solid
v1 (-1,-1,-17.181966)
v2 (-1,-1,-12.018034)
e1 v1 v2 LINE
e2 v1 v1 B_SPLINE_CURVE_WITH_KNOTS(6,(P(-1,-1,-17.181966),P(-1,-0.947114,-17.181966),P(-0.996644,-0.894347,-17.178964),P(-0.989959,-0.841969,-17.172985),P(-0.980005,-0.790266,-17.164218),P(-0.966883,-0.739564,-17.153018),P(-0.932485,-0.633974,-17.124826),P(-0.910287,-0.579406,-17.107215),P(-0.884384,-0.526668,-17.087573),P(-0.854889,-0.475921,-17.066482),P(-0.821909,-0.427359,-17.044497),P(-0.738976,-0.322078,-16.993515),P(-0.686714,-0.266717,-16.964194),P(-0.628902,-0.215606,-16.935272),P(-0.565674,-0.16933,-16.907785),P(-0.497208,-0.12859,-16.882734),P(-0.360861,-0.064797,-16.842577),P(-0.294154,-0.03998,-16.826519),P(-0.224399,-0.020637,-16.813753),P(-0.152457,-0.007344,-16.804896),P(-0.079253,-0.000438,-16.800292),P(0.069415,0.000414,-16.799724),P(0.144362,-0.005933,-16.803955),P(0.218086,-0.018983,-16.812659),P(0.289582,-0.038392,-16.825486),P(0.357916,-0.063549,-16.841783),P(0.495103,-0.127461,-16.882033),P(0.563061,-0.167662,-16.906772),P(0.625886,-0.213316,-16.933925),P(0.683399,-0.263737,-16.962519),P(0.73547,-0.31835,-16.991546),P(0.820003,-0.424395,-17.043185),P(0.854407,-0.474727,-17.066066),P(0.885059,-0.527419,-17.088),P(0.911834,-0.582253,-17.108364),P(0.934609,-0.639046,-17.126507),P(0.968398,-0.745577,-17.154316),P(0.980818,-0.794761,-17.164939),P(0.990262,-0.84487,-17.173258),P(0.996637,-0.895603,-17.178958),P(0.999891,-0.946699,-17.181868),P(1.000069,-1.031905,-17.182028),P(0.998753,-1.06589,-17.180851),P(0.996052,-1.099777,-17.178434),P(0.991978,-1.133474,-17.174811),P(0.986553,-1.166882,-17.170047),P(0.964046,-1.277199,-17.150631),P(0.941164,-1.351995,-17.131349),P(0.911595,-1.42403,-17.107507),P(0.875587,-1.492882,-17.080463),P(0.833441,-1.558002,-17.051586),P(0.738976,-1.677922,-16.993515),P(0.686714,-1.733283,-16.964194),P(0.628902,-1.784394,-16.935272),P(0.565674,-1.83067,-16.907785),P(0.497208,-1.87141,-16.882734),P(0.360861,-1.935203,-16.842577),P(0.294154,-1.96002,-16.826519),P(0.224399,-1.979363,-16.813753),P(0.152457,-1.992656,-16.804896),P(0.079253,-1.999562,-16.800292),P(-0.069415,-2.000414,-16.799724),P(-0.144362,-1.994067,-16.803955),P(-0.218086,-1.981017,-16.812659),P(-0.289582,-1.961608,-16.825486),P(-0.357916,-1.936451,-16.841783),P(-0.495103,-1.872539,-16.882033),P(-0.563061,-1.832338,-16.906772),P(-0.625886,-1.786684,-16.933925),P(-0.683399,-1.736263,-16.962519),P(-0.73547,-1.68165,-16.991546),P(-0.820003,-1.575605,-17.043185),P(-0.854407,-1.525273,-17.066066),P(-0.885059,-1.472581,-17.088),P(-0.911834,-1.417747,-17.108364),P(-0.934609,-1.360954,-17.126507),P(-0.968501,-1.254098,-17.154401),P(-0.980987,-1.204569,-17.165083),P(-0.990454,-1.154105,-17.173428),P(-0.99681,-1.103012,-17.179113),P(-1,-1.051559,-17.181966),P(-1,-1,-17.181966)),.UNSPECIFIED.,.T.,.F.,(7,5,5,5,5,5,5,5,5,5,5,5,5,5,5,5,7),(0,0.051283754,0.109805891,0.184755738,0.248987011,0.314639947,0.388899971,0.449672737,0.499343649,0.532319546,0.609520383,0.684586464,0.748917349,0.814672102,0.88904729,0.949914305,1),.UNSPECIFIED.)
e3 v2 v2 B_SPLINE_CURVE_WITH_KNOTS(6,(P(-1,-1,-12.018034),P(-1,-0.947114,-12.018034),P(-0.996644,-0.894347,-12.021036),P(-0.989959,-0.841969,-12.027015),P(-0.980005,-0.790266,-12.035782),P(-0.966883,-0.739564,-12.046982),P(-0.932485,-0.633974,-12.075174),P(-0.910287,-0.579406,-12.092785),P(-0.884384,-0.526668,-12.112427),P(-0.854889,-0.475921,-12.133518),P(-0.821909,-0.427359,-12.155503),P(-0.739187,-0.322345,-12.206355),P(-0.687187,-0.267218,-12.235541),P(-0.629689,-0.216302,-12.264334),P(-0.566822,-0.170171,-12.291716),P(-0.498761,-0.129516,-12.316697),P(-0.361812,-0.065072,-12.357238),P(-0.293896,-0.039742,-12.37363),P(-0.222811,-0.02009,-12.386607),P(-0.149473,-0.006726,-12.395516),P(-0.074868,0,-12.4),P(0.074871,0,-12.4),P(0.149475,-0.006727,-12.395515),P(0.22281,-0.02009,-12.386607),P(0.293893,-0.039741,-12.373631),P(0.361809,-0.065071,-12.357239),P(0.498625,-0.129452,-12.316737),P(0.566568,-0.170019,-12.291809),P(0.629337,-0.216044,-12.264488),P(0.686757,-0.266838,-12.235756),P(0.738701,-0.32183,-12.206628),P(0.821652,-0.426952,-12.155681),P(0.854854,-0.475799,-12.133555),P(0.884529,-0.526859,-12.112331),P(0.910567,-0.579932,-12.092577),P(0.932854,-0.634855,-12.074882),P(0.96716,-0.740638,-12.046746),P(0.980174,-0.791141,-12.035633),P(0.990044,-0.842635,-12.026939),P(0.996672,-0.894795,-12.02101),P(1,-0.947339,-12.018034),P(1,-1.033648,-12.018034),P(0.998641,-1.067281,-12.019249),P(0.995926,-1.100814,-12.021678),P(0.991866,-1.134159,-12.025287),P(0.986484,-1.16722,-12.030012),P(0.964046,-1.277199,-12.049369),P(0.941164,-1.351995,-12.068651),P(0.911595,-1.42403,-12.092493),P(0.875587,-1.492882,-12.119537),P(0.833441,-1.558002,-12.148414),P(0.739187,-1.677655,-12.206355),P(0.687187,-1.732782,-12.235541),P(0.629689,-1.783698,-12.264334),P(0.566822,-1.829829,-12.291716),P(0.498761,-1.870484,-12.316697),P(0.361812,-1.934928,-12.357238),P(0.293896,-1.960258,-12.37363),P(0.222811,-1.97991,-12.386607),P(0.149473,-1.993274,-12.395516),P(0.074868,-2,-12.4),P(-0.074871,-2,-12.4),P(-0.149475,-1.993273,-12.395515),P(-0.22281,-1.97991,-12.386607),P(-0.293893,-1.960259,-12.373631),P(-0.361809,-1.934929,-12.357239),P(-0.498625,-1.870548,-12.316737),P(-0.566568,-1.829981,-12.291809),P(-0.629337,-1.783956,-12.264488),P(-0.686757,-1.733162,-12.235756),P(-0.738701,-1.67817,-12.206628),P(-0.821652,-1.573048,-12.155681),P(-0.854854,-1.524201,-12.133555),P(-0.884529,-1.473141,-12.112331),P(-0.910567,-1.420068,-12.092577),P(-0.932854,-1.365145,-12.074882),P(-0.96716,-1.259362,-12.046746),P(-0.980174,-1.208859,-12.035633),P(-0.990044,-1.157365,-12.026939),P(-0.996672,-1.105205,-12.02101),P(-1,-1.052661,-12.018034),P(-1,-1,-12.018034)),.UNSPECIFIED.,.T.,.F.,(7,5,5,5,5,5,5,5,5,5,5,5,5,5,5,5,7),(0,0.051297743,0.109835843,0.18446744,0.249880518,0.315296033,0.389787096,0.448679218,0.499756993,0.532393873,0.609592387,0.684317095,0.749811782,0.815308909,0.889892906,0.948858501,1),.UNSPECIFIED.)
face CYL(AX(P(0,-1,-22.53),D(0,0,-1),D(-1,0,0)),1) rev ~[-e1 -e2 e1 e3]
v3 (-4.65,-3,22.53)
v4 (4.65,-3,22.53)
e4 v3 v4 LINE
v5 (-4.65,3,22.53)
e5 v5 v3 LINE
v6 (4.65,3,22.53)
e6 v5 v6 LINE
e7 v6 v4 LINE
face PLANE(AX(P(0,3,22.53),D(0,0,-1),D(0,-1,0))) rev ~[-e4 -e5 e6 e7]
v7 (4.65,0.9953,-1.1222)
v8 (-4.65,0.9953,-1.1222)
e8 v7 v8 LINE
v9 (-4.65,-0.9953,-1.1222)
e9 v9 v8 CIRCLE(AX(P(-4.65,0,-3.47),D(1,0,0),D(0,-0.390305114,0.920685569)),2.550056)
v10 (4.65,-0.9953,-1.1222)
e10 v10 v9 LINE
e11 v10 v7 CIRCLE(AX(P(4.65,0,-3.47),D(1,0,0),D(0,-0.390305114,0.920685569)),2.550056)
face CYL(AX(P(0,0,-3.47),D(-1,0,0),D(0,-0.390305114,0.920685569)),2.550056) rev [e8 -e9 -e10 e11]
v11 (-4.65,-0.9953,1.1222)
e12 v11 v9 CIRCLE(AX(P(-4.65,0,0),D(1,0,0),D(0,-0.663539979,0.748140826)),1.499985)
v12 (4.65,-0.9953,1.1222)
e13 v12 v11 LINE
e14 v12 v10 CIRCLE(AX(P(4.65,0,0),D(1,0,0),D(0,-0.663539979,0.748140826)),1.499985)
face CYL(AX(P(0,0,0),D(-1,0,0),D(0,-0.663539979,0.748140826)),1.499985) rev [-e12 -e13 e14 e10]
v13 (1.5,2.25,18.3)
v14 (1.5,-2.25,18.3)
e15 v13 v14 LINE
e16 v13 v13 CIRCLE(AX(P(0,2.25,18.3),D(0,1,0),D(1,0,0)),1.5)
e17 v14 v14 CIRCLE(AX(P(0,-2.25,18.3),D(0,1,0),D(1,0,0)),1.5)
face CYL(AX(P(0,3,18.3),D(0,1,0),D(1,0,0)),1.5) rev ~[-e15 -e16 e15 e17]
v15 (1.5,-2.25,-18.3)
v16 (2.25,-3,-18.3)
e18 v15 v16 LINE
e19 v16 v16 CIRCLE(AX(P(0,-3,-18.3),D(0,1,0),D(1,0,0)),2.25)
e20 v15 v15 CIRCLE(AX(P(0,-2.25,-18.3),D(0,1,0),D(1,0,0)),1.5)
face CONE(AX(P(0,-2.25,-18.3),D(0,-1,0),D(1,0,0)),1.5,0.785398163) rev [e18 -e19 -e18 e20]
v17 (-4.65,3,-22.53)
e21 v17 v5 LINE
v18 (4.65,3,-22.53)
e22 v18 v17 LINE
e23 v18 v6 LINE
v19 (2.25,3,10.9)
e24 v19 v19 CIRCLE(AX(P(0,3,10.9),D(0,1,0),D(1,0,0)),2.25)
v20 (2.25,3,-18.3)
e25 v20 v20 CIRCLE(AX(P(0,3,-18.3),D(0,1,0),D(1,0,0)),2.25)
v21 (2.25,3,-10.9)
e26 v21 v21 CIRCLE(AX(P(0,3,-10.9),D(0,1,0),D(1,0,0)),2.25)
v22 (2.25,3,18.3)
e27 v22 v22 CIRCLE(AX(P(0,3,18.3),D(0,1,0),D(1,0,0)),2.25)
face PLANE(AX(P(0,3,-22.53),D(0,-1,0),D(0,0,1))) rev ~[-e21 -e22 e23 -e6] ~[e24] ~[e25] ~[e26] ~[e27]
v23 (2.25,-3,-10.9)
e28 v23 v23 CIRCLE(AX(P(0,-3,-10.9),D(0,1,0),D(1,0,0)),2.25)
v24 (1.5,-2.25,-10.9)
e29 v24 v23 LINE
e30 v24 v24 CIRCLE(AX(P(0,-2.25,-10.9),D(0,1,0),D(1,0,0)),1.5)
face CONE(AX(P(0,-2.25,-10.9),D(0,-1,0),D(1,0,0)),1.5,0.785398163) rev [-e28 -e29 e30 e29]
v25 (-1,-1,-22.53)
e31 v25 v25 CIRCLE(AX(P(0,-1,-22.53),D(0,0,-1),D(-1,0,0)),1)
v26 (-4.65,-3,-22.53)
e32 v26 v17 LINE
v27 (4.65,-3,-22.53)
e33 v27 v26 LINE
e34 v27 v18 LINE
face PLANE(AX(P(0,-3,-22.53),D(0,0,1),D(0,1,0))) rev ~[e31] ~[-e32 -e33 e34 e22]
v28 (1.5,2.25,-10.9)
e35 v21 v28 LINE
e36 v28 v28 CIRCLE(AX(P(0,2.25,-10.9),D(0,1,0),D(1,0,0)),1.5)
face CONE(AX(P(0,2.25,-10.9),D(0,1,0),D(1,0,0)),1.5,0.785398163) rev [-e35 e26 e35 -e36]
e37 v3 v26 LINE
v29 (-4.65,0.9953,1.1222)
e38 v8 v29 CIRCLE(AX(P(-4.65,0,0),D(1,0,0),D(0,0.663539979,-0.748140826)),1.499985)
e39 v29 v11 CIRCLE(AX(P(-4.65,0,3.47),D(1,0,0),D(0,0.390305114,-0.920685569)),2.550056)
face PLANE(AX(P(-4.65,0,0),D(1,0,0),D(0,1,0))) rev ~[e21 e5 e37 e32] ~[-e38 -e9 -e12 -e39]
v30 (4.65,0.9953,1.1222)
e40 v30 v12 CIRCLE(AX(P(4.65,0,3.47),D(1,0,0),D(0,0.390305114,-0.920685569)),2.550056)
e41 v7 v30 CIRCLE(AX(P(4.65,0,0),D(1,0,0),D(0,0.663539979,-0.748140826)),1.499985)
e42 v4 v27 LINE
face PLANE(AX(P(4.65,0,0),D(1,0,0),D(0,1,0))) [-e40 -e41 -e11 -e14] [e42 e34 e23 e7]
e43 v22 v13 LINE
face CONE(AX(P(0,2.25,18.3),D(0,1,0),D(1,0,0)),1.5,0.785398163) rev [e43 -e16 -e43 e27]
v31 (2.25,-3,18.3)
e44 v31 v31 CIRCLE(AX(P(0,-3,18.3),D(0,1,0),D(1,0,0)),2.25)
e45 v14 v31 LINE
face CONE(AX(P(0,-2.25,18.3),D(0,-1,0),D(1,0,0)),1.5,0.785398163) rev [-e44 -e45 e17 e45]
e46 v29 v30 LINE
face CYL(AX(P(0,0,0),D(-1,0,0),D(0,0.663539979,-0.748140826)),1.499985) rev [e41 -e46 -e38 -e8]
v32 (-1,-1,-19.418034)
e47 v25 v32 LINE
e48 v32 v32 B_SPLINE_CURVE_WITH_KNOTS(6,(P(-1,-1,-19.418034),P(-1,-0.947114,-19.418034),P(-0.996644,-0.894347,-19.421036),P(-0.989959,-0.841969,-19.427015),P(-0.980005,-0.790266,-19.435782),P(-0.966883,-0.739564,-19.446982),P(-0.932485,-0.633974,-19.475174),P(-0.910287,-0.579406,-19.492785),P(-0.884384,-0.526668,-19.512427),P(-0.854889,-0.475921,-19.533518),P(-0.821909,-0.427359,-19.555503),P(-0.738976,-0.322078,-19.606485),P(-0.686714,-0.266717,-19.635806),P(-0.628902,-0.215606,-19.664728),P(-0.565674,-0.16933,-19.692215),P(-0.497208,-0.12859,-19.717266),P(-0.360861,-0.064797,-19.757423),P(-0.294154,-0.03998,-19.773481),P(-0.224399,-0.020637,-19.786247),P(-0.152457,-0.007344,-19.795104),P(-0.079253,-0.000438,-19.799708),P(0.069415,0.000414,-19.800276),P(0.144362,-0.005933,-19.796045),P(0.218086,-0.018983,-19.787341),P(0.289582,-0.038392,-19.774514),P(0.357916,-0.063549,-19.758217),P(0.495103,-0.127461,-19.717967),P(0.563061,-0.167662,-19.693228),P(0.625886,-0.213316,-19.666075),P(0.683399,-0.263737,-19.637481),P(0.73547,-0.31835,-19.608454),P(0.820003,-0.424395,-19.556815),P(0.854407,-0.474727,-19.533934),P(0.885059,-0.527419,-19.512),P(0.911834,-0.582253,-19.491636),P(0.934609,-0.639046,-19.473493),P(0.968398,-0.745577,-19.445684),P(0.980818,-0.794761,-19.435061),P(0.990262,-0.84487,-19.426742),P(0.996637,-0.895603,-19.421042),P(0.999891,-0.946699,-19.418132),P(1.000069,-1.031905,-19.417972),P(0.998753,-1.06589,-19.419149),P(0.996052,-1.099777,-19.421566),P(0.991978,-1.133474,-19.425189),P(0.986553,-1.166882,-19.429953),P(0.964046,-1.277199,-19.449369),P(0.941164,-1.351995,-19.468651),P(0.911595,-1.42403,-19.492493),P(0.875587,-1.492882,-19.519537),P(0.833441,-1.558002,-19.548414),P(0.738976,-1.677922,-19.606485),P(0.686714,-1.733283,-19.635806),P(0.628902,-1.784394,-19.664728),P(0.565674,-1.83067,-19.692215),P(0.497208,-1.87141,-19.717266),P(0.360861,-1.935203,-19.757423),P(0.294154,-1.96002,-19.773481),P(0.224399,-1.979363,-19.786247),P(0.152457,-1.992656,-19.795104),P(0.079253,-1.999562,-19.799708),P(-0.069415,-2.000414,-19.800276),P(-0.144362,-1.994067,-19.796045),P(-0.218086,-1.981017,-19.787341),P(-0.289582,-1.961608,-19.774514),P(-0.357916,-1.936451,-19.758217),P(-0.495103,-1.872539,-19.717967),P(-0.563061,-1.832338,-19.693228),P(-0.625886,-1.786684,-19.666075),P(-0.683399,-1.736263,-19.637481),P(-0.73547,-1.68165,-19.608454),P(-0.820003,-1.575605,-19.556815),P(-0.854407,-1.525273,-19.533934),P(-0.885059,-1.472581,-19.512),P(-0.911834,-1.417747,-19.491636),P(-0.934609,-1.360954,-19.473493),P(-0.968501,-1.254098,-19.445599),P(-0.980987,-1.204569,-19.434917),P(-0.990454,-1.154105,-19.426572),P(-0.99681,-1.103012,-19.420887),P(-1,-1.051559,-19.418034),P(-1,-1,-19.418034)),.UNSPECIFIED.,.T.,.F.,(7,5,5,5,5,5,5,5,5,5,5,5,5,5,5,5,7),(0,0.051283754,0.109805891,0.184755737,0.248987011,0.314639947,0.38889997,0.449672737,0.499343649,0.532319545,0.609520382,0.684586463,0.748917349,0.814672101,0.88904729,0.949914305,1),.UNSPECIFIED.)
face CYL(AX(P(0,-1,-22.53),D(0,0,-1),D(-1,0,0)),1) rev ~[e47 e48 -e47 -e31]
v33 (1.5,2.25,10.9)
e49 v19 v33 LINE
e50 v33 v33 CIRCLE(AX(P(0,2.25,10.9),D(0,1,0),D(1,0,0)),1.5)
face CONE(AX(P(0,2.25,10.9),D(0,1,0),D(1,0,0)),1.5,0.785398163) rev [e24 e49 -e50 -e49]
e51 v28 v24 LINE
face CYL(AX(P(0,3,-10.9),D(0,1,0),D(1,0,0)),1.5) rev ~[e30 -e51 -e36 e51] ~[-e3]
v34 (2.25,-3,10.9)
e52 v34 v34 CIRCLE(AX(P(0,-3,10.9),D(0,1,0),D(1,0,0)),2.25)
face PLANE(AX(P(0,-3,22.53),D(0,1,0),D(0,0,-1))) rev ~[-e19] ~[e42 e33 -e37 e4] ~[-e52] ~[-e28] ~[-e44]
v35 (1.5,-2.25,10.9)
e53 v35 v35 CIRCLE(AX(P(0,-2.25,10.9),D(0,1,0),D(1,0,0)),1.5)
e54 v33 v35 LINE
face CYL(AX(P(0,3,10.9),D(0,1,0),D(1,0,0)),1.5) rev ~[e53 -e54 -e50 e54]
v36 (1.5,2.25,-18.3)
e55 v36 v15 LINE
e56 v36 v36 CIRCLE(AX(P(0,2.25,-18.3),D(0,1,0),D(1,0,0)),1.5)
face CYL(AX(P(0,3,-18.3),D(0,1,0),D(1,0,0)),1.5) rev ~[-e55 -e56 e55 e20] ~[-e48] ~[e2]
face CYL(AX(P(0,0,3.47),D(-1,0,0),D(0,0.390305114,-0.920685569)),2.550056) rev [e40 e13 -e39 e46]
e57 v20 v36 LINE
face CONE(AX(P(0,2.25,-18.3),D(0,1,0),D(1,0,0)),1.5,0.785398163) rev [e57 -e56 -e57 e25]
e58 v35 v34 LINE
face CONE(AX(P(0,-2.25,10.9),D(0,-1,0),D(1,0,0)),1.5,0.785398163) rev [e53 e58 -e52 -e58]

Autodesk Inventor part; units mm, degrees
ref_plane "YZ Plane" through (0, 0, 0) normal (1, 0, 0) x (0, 1, 0)
ref_plane "XZ Plane" through (0, 0, 0) normal (0, 1, 0) x (-1, 0, 0)
ref_plane "XY Plane" through (0, 0, 0) normal (0, 0, 1) x (1, 0, 0)
sketch "スケッチ1" plane through (0, 0, 0) normal (1, 0, 0) x (0, 1, 0)
  line L0 (3, 22.53) -> (-3, 22.53)
  line L1 (-3, 22.53) -> (-3, -22.53)
  line L2 (-3, -22.53) -> (3, -22.53)
  line L3 (3, -22.53) -> (3, 22.53)
  line L4 (0, 22.53) -> (0, -22.53) construction
  line L5 (3, 0) -> (-3, 0) construction
  arc A0 (0.9953, 1.1222) -> (-0.9953, 1.1222) centre (0, 3.47) ccw
  arc A1 (-0.9953, -1.1222) -> (0.9953, -1.1222) centre (0, -3.47) ccw
  arc A2 (-0.9953, 1.1222) -> (-0.9953, -1.1222) centre (0, 0) ccw
  arc A3 (0.9953, -1.1222) -> (0.9953, 1.1222) centre (0, 0) ccw
  dimension "d0" = 6
  dimension "d1" = 45.06
  dimension "d3" = 5.1
  dimension "d4" = 12.04
  dimension "d5" = 1.5
extrude "押し出し1" add sketch "スケッチ1" along normal mid plane 9.3
sketch "スケッチ2" plane through (-4.65, 3, 22.53) normal (0, 1, 0) x (1, 0, 0)
  line L0 (4.65, 0) -> (4.65, 45.06) construction
  line L1 (9.3, 0) -> (0, 0) construction
  circle A0 centre (4.65, 4.23) radius 1.5
  circle A1 centre (4.65, 11.63) radius 1.5
  line L2 (9.3, 23.6522) -> (9.3, 21.4078) construction
  line L3 (9.3, 22.53) -> (-0.0401, 22.53) construction
  line L4 (9.3, 45.06) -> (0, 45.06) construction
  circle A2 centre (4.65, 40.83) radius 1.5
  circle A3 centre (4.65, 33.43) radius 1.5
  point P0 (4.65, 22.53)
  dimension "d8" = 21.8
  dimension "d9" = 7.4
  dimension "d10" = 3
extrude "押し出し2" cut sketch "スケッチ2" against normal blind 6
chamfer "面取り1" distance 0.75 angle 45 8 edges at (-1.5, 3, 18.3) (-1.5, 3, 10.9) (-1.5, 3, -10.9) (-1.5, 3, -18.3) (-1.5, -3, 18.3) (-1.5, -3, 10.9) (-1.5, -3, -10.9) (-1.5, -3, -18.3)
sketch "スケッチ4" plane through (4.65, 3, -22.53) normal (0, 0, -1) x (-1, 0, 0)
  line L0 (4.65, -3) -> (4.65, -4) construction
  circle A0 centre (4.65, -4) radius 1
  line L1 (9.3, 0) -> (0, 0) construction
  dimension "d19" = 2
  dimension "d20" = 1
  dimension "d21" = 3
extrude "押し出し4" cut sketch "スケッチ4" against normal blind 11.5
properties part number "20_020_LOAD_CELL_R2" material "アルミニウム 6061"
